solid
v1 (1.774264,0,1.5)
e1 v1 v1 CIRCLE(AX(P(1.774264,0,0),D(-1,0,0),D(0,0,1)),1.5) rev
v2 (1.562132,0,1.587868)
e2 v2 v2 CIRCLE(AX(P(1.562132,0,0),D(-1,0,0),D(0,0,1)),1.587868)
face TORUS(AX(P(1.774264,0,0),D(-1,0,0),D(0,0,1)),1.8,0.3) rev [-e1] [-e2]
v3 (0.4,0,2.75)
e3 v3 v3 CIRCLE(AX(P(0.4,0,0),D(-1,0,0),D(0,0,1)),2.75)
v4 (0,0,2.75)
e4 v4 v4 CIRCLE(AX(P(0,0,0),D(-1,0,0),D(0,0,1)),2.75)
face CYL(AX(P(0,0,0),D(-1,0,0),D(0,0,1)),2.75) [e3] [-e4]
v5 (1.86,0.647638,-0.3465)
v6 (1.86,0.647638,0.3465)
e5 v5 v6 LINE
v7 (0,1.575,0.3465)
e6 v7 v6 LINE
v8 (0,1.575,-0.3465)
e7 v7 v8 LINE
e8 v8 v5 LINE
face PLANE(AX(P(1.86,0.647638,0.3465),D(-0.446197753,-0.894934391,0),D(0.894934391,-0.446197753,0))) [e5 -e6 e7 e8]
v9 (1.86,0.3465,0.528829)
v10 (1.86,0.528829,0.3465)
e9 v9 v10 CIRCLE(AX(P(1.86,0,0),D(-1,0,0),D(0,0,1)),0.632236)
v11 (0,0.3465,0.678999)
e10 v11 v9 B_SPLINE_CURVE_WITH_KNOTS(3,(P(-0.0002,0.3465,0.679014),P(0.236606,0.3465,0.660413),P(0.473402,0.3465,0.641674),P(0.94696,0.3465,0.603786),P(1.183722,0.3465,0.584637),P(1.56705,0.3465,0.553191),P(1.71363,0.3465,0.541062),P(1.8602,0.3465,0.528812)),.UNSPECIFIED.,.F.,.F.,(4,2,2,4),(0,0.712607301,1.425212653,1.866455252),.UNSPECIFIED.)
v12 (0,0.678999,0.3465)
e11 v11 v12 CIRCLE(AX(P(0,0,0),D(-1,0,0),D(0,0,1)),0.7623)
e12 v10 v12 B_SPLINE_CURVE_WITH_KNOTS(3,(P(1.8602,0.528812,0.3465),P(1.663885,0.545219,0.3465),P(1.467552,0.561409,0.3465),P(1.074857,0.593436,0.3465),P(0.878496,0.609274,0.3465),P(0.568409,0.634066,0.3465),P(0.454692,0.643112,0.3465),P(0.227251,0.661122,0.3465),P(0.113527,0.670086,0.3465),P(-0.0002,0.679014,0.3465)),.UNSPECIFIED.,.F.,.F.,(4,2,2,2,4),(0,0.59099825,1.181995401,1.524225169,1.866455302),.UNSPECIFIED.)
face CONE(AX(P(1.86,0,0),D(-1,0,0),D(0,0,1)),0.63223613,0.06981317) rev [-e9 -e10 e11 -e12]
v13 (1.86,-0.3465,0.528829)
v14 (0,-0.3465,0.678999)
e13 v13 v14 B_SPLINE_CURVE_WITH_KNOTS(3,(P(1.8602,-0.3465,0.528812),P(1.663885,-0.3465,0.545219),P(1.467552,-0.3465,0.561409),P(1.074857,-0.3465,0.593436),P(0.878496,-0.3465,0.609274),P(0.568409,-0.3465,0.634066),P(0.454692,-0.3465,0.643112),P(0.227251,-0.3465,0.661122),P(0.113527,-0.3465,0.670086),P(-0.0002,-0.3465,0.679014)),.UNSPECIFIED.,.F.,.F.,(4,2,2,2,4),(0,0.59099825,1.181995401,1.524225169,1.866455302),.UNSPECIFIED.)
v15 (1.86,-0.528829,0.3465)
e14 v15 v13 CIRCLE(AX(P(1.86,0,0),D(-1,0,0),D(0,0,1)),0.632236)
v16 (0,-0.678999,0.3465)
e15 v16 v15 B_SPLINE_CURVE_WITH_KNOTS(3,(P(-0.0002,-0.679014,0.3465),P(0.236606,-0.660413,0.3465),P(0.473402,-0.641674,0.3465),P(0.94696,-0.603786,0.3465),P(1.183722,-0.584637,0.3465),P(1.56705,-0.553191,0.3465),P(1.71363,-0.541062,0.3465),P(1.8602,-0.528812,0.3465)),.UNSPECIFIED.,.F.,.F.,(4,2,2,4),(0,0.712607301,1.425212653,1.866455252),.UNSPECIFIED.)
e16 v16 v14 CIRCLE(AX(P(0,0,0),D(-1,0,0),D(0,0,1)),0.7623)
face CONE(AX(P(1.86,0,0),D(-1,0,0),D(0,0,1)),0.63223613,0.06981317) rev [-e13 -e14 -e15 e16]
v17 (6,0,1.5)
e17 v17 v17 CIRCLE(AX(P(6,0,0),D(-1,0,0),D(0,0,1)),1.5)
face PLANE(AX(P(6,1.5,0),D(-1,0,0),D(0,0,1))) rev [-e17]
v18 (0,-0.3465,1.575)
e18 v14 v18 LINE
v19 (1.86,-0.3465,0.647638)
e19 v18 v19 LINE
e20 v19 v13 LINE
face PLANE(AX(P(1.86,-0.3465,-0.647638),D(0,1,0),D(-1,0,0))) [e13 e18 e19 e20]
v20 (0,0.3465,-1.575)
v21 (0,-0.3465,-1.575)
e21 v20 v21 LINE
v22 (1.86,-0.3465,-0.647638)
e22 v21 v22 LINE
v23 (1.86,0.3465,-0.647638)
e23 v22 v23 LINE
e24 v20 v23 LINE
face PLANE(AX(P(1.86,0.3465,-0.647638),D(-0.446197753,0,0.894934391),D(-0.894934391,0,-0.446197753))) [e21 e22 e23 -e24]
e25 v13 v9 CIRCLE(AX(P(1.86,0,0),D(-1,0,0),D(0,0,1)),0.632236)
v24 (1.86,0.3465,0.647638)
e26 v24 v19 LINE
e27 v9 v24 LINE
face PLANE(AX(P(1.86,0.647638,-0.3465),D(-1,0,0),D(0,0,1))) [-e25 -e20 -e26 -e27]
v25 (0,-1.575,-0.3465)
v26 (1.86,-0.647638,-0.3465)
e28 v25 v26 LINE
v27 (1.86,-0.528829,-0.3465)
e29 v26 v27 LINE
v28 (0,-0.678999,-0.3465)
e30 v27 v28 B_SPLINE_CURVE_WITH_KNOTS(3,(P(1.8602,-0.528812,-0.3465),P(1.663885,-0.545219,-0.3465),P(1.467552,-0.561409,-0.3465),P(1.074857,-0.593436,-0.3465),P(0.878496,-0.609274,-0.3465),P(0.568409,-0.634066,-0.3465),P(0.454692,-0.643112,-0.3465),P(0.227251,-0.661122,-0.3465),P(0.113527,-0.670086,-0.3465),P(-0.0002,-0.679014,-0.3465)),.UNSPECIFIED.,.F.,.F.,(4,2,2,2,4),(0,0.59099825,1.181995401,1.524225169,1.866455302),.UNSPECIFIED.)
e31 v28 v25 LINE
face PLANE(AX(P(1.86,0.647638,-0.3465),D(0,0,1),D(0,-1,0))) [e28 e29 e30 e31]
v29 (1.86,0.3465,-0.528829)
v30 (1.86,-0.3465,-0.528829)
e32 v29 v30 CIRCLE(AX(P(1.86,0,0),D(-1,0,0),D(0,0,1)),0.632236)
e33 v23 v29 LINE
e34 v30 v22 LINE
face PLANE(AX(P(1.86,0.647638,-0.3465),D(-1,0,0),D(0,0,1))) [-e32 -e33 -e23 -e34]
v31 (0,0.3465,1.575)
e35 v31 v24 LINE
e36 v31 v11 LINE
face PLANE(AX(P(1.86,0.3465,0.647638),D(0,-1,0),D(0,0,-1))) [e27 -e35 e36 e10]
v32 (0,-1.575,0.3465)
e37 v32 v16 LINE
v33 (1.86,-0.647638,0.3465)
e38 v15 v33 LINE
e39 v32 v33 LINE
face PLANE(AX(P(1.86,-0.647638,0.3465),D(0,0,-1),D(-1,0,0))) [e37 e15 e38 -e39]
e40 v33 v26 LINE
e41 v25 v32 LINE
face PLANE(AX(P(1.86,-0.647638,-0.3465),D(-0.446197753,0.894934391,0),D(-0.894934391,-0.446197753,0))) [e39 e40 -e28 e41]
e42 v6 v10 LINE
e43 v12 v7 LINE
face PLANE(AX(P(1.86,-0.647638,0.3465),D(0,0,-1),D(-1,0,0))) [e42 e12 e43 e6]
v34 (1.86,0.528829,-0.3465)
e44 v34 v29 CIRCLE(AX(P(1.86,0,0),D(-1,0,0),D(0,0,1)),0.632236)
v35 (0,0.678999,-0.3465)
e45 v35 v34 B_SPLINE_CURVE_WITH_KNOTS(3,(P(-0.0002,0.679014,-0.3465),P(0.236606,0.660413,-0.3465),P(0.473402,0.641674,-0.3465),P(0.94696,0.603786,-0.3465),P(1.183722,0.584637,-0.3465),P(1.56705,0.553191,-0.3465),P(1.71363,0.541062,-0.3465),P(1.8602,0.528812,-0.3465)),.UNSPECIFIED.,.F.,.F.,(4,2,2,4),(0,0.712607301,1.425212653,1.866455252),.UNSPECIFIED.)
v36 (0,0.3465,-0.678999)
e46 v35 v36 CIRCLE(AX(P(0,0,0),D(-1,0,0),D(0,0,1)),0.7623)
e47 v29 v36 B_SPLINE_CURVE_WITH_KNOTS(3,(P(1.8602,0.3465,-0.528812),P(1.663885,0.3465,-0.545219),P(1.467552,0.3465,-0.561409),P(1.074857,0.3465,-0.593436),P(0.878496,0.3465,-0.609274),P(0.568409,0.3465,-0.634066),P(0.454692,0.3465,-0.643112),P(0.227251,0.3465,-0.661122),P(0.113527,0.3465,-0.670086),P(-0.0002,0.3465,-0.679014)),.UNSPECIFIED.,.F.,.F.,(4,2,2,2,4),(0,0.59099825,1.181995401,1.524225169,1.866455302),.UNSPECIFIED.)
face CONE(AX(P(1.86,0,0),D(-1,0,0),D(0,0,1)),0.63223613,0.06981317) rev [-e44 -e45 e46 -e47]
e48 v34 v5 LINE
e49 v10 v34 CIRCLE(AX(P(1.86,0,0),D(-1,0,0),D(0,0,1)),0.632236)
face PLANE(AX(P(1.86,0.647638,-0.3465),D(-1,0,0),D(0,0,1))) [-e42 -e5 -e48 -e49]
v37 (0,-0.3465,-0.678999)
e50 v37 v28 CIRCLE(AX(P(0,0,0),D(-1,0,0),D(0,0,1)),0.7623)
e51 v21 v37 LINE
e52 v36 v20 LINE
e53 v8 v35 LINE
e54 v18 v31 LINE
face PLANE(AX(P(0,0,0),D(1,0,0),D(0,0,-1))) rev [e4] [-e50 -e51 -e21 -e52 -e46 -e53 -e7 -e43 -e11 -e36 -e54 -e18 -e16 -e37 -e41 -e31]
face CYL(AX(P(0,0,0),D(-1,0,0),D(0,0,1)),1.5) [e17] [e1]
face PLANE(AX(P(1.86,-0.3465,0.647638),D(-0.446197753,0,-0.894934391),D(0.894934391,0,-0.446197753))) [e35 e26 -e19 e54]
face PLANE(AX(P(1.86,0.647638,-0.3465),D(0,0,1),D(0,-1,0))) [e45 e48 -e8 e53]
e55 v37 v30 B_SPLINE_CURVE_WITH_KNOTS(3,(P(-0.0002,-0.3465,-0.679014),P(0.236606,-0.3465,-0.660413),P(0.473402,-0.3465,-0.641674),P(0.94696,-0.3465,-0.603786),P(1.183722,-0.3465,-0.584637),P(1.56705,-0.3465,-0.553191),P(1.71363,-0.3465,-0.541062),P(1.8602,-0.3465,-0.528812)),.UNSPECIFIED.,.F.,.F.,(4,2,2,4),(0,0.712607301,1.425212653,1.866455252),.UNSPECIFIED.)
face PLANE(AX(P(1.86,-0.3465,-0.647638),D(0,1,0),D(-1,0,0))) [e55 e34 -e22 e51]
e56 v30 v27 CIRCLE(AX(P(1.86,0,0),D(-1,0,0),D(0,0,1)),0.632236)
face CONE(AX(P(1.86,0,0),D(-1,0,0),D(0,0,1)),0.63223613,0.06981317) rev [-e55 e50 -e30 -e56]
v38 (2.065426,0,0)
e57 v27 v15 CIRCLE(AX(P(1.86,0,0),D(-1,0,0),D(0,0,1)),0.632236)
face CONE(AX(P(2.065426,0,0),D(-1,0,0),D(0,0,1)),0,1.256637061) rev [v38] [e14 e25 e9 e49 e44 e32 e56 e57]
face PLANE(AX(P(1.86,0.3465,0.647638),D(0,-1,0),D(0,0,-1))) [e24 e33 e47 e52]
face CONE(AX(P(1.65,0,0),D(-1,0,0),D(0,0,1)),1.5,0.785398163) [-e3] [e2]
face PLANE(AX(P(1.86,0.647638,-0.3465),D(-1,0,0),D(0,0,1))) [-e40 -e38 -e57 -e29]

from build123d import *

# Parameters (mm, degrees)
FILLET1_R    = 0.3
RECPAT_COUNT = 2
RECPAT_ANGLE = 90


with BuildPart() as part:
    # BodySke → BaseBody (revolve)
    with BuildSketch(Plane.XY, mode=Mode.PRIVATE) as basebody_sk:
        Polygon((0, 0), (0, 2.75), (0.4, 2.75), (1.65, 1.5), (6, 1.5), (6, 0), align=None)
    revolve(basebody_sk.sketch.rotate(Axis((0, 0, 0), (1, 0, 0)), 90), axis=Axis((0, 0, 0), (1, 0, 0)))

    # Fillet1
    fillet1_edges = [part.edges().sort_by_distance(p)[0] for p in [
        (1.65, 0, -1.5),
    ]]
    fillet(fillet1_edges, radius=FILLET1_R)

    # RecSkeTop → Recess section 0
    with BuildSketch(Plane.ZY):
        with BuildLine():
            Line((-0.3465, 1.575), (0.3465, 1.575))
            Line((0.3465, 1.575), (0.3465, -1.575))
            Line((0.3465, -1.575), (-0.3465, -1.575))
            Line((-0.3465, -1.575), (-0.3465, 1.575))
        make_face()
    # RecSkeBot → Recess section 1
    with BuildSketch(Plane(origin=(1.86, 0, 0), x_dir=(0, 0, -1), z_dir=(1, 0, 0))):
        with BuildLine():
            Line((0.3465, 0.647638364), (-0.3465, 0.647638364))
            Line((-0.3465, 0.647638364), (-0.3465, -0.647638364))
            Line((-0.3465, -0.647638364), (0.3465, -0.647638364))
            Line((0.3465, -0.647638364), (0.3465, 0.647638364))
        make_face()
    recess = loft(mode=Mode.SUBTRACT)

    # RecPat: Recess ×2 about axis
    recpat_axis = Axis((0, 0, 0), (1, 0, 0))
    for i in range(1, RECPAT_COUNT):
        add(recess.rotate(recpat_axis, i * RECPAT_ANGLE / (RECPAT_COUNT - 1)), mode=Mode.SUBTRACT)

    # RecCorSke → RecessCore (revolve, cut)
    with BuildSketch(Plane.XY, mode=Mode.PRIVATE) as recesscore_sk:
        Polygon((0, 0), (0, 0.7623), (1.86, 0.63223613), (2.065425971, 0), align=None)
    revolve(recesscore_sk.sketch.rotate(Axis((0, 0, 0), (1, 0, 0)), 90), axis=Axis((0, 0, 0), (1, 0, 0)), mode=Mode.SUBTRACT)


solid = part.part
